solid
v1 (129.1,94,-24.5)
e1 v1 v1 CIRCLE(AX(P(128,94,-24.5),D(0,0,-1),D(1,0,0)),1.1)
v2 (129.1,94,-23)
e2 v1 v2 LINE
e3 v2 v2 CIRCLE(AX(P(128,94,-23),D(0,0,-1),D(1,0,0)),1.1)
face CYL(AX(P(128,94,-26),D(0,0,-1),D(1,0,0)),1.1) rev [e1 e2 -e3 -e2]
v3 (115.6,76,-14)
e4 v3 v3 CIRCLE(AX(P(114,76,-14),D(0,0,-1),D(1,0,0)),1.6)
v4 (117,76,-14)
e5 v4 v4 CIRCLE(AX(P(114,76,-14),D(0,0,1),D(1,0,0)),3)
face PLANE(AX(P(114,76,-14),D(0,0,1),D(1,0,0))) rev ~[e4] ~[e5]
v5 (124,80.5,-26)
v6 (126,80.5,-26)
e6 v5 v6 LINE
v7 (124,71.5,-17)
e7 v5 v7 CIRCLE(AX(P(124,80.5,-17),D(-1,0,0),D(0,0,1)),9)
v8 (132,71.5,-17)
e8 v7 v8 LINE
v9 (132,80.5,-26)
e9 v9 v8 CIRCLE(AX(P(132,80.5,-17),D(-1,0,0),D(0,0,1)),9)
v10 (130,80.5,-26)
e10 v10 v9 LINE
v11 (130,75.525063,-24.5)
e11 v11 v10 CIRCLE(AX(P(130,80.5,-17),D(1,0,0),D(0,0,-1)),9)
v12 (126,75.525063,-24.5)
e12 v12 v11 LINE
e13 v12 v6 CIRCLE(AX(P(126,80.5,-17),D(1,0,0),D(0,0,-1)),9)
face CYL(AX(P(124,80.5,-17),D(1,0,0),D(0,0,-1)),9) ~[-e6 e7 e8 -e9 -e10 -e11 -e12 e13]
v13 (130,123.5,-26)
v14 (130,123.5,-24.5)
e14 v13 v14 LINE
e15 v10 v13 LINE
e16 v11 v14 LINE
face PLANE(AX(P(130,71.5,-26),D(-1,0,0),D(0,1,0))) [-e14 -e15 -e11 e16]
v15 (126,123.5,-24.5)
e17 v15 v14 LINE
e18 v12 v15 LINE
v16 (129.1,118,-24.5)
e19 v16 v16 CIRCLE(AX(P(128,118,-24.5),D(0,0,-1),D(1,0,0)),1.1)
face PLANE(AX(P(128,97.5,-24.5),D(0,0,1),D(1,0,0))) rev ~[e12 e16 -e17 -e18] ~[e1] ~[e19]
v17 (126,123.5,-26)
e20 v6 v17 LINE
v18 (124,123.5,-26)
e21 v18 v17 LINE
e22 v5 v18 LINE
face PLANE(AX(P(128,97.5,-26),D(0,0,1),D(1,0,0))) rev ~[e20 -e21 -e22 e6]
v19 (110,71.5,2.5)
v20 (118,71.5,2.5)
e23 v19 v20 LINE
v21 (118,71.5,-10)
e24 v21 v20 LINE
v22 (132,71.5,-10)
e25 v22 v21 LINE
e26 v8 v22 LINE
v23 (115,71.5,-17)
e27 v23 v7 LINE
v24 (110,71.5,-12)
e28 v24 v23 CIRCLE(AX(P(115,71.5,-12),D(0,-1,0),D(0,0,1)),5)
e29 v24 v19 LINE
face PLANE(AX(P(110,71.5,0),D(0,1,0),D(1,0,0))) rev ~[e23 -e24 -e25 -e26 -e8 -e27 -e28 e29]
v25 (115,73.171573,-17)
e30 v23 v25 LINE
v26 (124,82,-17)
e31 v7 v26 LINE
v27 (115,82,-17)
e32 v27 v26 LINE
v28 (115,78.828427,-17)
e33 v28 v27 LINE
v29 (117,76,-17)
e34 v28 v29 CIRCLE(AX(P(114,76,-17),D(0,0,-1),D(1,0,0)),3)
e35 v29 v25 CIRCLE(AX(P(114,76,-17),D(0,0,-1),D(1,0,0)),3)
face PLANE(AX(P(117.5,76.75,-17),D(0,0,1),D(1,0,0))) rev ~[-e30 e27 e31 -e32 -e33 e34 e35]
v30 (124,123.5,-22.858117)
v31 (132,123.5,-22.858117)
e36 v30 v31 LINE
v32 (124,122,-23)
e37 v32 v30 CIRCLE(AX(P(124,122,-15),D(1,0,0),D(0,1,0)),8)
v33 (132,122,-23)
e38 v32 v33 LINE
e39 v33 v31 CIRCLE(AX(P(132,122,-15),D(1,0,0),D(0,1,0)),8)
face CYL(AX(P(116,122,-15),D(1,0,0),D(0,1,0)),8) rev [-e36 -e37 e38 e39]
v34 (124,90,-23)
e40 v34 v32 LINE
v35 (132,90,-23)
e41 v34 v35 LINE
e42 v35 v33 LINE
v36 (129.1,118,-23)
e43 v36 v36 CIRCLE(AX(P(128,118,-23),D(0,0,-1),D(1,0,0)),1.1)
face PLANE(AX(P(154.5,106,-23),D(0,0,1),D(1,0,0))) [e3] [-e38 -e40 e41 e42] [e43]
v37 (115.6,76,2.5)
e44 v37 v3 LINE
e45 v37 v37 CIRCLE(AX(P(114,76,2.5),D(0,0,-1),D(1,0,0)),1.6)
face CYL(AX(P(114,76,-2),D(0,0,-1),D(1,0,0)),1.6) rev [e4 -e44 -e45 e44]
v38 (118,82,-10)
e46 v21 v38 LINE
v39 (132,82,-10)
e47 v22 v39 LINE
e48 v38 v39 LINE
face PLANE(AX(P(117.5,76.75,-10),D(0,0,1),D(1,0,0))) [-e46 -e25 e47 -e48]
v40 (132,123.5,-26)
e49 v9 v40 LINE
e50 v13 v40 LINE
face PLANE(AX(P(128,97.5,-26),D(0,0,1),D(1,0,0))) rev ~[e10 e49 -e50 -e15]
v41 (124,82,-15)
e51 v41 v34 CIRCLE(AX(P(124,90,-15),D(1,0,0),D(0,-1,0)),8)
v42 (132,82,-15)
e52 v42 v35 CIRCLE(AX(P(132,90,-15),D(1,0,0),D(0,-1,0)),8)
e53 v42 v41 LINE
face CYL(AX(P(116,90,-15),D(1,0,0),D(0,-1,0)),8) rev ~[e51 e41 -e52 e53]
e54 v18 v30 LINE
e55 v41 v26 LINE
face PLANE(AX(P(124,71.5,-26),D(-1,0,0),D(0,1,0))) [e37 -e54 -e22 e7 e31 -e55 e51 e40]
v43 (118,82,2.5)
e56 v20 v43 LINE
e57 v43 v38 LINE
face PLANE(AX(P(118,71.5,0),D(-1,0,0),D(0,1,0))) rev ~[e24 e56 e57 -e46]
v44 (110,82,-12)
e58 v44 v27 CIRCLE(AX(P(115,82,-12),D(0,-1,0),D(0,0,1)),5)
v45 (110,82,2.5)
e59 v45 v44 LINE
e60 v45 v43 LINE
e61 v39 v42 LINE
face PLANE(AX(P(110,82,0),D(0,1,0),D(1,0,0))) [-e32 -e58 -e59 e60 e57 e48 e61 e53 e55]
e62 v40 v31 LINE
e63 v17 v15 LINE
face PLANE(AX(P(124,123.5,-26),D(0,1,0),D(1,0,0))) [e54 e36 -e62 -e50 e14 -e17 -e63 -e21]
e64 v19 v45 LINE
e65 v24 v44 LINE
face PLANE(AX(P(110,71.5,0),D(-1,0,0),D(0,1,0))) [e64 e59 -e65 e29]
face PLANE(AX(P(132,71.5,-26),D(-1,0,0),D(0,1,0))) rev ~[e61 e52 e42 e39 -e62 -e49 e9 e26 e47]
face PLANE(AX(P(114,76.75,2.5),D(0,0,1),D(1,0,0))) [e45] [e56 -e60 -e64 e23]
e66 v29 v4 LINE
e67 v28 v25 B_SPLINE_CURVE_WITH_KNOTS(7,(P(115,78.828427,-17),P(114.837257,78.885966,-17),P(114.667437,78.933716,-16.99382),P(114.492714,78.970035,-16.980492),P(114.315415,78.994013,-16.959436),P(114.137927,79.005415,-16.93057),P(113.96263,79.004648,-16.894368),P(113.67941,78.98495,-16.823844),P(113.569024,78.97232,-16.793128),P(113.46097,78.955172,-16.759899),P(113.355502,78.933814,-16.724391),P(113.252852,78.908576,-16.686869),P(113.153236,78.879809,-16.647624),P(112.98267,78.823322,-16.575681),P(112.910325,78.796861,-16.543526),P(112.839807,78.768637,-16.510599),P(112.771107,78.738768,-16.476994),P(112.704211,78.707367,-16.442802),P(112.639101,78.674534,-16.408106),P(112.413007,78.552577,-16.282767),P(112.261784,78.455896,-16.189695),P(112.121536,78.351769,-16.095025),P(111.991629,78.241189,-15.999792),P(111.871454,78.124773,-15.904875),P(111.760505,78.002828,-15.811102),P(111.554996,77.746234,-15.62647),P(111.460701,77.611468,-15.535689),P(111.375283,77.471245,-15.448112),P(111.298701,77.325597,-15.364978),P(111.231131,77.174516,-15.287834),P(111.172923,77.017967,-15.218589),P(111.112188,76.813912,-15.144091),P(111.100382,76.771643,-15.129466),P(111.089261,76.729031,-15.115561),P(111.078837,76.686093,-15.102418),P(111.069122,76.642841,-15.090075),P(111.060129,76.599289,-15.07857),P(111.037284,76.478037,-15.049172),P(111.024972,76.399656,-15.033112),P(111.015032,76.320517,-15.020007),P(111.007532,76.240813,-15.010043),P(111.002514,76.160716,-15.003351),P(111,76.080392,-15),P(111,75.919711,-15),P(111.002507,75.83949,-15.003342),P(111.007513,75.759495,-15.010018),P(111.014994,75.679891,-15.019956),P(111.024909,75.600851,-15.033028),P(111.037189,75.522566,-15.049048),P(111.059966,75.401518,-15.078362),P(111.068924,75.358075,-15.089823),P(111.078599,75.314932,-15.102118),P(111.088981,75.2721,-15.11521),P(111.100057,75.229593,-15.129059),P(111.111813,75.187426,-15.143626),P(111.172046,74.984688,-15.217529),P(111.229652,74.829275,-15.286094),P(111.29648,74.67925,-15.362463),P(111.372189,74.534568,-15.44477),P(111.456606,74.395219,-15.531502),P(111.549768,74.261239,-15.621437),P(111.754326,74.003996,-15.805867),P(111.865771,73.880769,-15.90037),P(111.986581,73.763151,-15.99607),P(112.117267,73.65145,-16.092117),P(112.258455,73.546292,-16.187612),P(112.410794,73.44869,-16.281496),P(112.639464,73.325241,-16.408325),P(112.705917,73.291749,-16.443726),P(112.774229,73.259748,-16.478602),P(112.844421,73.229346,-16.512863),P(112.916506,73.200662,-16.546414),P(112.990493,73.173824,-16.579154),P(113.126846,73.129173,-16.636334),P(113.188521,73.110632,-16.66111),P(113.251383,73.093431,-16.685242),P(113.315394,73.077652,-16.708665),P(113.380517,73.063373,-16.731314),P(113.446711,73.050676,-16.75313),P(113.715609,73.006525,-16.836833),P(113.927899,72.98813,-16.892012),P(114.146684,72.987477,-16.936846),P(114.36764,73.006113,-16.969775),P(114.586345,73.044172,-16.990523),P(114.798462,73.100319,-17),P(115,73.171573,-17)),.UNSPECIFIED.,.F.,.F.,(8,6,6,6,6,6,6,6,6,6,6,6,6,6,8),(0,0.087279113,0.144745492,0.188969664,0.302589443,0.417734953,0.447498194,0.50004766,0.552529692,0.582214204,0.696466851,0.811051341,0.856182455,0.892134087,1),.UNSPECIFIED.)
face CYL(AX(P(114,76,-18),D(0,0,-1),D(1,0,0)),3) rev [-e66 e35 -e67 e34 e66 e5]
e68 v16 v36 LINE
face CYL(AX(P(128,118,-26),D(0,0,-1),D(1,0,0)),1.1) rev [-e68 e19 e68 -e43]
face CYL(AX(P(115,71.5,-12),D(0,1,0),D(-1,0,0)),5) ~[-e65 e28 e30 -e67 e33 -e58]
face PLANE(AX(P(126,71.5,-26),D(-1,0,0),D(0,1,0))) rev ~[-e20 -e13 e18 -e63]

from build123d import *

# Parameters (mm, degrees)
CYLINDER031_R     = 1.6
CYLINDER031_DEPTH = 28
BOX041_W          = 8
BOX041_H          = 10.5
BOX041_DEPTH      = 2.5
CYLINDER013_R     = 1.1
CYLINDER013_DEPTH = 28
CYLINDER012_R     = 1.1
CYLINDER012_DEPTH = 28
CYLINDER011_R     = 1.6
CYLINDER011_DEPTH = 28
CYLINDER010_R     = 3
CYLINDER010_DEPTH = 4
BOX037_W          = 8
BOX037_H          = 10.5
BOX037_DEPTH      = 10
BOX017_W          = 4
BOX017_H          = 52
BOX017_DEPTH      = 1.5
BOX016_W          = 77
BOX016_H          = 48
BOX016_DEPTH      = 40
FILLET009_R       = 8
BOX015_W          = 8
BOX015_H          = 52
BOX015_DEPTH      = 26
FILLET008_R       = 9
BOX039_W          = 15
BOX039_H          = 10.5
BOX039_DEPTH      = 7
BOX038_W          = 8
BOX038_H          = 10.5
BOX038_DEPTH      = 10
FILLET011_R       = 5


with BuildPart() as cylinder031:
    # Cylinder031 → Cylinder031 (new body)
    with BuildSketch(Plane(origin=(74, 76, -28), x_dir=(1, 0, 0), z_dir=(0, 0, 1))):
        Circle(CYLINDER031_R)
    extrude(amount=CYLINDER031_DEPTH)


with BuildPart() as cut031:
    # Box041 → Box041 (new body)
    with BuildSketch(Plane(origin=(70, 71.5, -26), x_dir=(1, 0, 0), z_dir=(0, 0, 1))):
        with Locations((4, 5.25)):
            Rectangle(BOX041_W, BOX041_H)
    extrude(amount=BOX041_DEPTH)

    # Cut031: cut Cylinder031
    add(cylinder031.part, mode=Mode.SUBTRACT)


with BuildPart() as cut031_1:
    # Cut031 placement: moved
    add(cut031.part.moved(Location((40, 0, 26))))


with BuildPart() as cylinder013:
    # Cylinder013 → Cylinder013 (new body)
    with BuildSketch(Plane(origin=(74, 118, -26), x_dir=(1, 0, 0), z_dir=(0, 0, 1))):
        Circle(CYLINDER013_R)
    extrude(amount=CYLINDER013_DEPTH)


with BuildPart() as fusion009:
    # Cylinder012 → Cylinder012 (new body)
    with BuildSketch(Plane(origin=(74, 94, -26), x_dir=(1, 0, 0), z_dir=(0, 0, 1))):
        Circle(CYLINDER012_R)
    extrude(amount=CYLINDER012_DEPTH)

    # Fusion009: union Cylinder013
    add(cylinder013.part)


with BuildPart() as fusion009_1:
    # Fusion009 placement: moved
    add(fusion009.part.moved(Location((54, 0, 0))))


with BuildPart() as cylinder011:
    # Cylinder011 → Cylinder011 (new body)
    with BuildSketch(Plane(origin=(74, 79, -26), x_dir=(1, 0, 0), z_dir=(0, 0, 1))):
        Circle(CYLINDER011_R)
    extrude(amount=CYLINDER011_DEPTH)


with BuildPart() as fusion008:
    # Cylinder010 → Cylinder010 (new body)
    with BuildSketch(Plane(origin=(74, 79, -26), x_dir=(1, 0, 0), z_dir=(0, 0, 1))):
        Circle(CYLINDER010_R)
    extrude(amount=CYLINDER010_DEPTH)

    # Fusion008: union Cylinder011
    add(cylinder011.part)


with BuildPart() as fusion008_1:
    # Fusion008 placement: moved
    add(fusion008.part.moved(Location((40, -3, 8))))


with BuildPart() as cube001:
    # Box037 → Box037 (new body)
    with BuildSketch(Plane(origin=(124, 71.5, -10), x_dir=(1, 0, 0), z_dir=(0, 0, 1))):
        with Locations((4, 5.25)):
            Rectangle(BOX037_W, BOX037_H)
    extrude(amount=BOX037_DEPTH)


with BuildPart() as box017:
    # Box017 → Box017 (new body)
    with BuildSketch(Plane(origin=(72, 71.5, -26), x_dir=(1, 0, 0), z_dir=(0, 0, 1))):
        with Locations((2, 26)):
            Rectangle(BOX017_W, BOX017_H)
    extrude(amount=BOX017_DEPTH)


with BuildPart() as fillet009:
    # Box016 → Box016 (new body)
    with BuildSketch(Plane(origin=(62, 82, -27), x_dir=(1, 0, 0), z_dir=(0, 0, 1))):
        with Locations((38.5, 24)):
            Rectangle(BOX016_W, BOX016_H)
    extrude(amount=BOX016_DEPTH)

    # Fillet009
    fillet009_edges = [fillet009.edges().sort_by_distance(p)[0] for p in [
        (100.5, 82, -27),
        (100.5, 82, 13),
        (100.5, 130, -27),
        (100.5, 130, 13),
    ]]
    fillet(fillet009_edges, radius=FILLET009_R)


with BuildPart() as fillet009_1:
    # Fillet009 placement: moved
    add(fillet009.part.moved(Location((0, 0, 4))))


with BuildPart() as cut027:
    # Box015 → Box015 (new body)
    with BuildSketch(Plane(origin=(70, 71.5, -26), x_dir=(1, 0, 0), z_dir=(0, 0, 1))):
        with Locations((4, 26)):
            Rectangle(BOX015_W, BOX015_H)
    extrude(amount=BOX015_DEPTH)

    # Cut012: cut Fillet009
    add(fillet009_1.part, mode=Mode.SUBTRACT)

    # Fillet008
    fillet008_edges = [cut027.edges().sort_by_distance(p)[0] for p in [
        (74, 71.5, -26),
    ]]
    fillet(fillet008_edges, radius=FILLET008_R)

    # Cut011: cut Box017
    add(box017.part, mode=Mode.SUBTRACT)


with BuildPart() as cut027_1:
    # Cut011 placement: moved
    add(cut027.part.moved(Location((54, 0, 0))))

    # Cut027: cut Cube001
    add(cube001.part, mode=Mode.SUBTRACT)


with BuildPart() as cube003:
    # Box039 → Box039 (new body)
    with BuildSketch(Plane(origin=(110, 71.5, -17), x_dir=(1, 0, 0), z_dir=(0, 0, 1))):
        with Locations((7.5, 5.25)):
            Rectangle(BOX039_W, BOX039_H)
    extrude(amount=BOX039_DEPTH)


with BuildPart() as fusion035:
    # Box038 → Box038 (new body)
    with BuildSketch(Plane(origin=(110, 71.5, -10), x_dir=(1, 0, 0), z_dir=(0, 0, 1))):
        with Locations((4, 5.25)):
            Rectangle(BOX038_W, BOX038_H)
    extrude(amount=BOX038_DEPTH)

    # Fusion033: union Cut027, Cube003
    add(cut027_1.part)
    add(cube003.part)

    # Fillet011
    fillet011_edges = [fusion035.edges().sort_by_distance(p)[0] for p in [
        (110, 76.75, -17),
    ]]
    fillet(fillet011_edges, radius=FILLET011_R)

    # Cut028: cut Fusion008
    add(fusion008_1.part, mode=Mode.SUBTRACT)

    # Cut029: cut Fusion009
    add(fusion009_1.part, mode=Mode.SUBTRACT)

    # Fusion035: union Cut031
    add(cut031_1.part)


solid = fusion035.part
